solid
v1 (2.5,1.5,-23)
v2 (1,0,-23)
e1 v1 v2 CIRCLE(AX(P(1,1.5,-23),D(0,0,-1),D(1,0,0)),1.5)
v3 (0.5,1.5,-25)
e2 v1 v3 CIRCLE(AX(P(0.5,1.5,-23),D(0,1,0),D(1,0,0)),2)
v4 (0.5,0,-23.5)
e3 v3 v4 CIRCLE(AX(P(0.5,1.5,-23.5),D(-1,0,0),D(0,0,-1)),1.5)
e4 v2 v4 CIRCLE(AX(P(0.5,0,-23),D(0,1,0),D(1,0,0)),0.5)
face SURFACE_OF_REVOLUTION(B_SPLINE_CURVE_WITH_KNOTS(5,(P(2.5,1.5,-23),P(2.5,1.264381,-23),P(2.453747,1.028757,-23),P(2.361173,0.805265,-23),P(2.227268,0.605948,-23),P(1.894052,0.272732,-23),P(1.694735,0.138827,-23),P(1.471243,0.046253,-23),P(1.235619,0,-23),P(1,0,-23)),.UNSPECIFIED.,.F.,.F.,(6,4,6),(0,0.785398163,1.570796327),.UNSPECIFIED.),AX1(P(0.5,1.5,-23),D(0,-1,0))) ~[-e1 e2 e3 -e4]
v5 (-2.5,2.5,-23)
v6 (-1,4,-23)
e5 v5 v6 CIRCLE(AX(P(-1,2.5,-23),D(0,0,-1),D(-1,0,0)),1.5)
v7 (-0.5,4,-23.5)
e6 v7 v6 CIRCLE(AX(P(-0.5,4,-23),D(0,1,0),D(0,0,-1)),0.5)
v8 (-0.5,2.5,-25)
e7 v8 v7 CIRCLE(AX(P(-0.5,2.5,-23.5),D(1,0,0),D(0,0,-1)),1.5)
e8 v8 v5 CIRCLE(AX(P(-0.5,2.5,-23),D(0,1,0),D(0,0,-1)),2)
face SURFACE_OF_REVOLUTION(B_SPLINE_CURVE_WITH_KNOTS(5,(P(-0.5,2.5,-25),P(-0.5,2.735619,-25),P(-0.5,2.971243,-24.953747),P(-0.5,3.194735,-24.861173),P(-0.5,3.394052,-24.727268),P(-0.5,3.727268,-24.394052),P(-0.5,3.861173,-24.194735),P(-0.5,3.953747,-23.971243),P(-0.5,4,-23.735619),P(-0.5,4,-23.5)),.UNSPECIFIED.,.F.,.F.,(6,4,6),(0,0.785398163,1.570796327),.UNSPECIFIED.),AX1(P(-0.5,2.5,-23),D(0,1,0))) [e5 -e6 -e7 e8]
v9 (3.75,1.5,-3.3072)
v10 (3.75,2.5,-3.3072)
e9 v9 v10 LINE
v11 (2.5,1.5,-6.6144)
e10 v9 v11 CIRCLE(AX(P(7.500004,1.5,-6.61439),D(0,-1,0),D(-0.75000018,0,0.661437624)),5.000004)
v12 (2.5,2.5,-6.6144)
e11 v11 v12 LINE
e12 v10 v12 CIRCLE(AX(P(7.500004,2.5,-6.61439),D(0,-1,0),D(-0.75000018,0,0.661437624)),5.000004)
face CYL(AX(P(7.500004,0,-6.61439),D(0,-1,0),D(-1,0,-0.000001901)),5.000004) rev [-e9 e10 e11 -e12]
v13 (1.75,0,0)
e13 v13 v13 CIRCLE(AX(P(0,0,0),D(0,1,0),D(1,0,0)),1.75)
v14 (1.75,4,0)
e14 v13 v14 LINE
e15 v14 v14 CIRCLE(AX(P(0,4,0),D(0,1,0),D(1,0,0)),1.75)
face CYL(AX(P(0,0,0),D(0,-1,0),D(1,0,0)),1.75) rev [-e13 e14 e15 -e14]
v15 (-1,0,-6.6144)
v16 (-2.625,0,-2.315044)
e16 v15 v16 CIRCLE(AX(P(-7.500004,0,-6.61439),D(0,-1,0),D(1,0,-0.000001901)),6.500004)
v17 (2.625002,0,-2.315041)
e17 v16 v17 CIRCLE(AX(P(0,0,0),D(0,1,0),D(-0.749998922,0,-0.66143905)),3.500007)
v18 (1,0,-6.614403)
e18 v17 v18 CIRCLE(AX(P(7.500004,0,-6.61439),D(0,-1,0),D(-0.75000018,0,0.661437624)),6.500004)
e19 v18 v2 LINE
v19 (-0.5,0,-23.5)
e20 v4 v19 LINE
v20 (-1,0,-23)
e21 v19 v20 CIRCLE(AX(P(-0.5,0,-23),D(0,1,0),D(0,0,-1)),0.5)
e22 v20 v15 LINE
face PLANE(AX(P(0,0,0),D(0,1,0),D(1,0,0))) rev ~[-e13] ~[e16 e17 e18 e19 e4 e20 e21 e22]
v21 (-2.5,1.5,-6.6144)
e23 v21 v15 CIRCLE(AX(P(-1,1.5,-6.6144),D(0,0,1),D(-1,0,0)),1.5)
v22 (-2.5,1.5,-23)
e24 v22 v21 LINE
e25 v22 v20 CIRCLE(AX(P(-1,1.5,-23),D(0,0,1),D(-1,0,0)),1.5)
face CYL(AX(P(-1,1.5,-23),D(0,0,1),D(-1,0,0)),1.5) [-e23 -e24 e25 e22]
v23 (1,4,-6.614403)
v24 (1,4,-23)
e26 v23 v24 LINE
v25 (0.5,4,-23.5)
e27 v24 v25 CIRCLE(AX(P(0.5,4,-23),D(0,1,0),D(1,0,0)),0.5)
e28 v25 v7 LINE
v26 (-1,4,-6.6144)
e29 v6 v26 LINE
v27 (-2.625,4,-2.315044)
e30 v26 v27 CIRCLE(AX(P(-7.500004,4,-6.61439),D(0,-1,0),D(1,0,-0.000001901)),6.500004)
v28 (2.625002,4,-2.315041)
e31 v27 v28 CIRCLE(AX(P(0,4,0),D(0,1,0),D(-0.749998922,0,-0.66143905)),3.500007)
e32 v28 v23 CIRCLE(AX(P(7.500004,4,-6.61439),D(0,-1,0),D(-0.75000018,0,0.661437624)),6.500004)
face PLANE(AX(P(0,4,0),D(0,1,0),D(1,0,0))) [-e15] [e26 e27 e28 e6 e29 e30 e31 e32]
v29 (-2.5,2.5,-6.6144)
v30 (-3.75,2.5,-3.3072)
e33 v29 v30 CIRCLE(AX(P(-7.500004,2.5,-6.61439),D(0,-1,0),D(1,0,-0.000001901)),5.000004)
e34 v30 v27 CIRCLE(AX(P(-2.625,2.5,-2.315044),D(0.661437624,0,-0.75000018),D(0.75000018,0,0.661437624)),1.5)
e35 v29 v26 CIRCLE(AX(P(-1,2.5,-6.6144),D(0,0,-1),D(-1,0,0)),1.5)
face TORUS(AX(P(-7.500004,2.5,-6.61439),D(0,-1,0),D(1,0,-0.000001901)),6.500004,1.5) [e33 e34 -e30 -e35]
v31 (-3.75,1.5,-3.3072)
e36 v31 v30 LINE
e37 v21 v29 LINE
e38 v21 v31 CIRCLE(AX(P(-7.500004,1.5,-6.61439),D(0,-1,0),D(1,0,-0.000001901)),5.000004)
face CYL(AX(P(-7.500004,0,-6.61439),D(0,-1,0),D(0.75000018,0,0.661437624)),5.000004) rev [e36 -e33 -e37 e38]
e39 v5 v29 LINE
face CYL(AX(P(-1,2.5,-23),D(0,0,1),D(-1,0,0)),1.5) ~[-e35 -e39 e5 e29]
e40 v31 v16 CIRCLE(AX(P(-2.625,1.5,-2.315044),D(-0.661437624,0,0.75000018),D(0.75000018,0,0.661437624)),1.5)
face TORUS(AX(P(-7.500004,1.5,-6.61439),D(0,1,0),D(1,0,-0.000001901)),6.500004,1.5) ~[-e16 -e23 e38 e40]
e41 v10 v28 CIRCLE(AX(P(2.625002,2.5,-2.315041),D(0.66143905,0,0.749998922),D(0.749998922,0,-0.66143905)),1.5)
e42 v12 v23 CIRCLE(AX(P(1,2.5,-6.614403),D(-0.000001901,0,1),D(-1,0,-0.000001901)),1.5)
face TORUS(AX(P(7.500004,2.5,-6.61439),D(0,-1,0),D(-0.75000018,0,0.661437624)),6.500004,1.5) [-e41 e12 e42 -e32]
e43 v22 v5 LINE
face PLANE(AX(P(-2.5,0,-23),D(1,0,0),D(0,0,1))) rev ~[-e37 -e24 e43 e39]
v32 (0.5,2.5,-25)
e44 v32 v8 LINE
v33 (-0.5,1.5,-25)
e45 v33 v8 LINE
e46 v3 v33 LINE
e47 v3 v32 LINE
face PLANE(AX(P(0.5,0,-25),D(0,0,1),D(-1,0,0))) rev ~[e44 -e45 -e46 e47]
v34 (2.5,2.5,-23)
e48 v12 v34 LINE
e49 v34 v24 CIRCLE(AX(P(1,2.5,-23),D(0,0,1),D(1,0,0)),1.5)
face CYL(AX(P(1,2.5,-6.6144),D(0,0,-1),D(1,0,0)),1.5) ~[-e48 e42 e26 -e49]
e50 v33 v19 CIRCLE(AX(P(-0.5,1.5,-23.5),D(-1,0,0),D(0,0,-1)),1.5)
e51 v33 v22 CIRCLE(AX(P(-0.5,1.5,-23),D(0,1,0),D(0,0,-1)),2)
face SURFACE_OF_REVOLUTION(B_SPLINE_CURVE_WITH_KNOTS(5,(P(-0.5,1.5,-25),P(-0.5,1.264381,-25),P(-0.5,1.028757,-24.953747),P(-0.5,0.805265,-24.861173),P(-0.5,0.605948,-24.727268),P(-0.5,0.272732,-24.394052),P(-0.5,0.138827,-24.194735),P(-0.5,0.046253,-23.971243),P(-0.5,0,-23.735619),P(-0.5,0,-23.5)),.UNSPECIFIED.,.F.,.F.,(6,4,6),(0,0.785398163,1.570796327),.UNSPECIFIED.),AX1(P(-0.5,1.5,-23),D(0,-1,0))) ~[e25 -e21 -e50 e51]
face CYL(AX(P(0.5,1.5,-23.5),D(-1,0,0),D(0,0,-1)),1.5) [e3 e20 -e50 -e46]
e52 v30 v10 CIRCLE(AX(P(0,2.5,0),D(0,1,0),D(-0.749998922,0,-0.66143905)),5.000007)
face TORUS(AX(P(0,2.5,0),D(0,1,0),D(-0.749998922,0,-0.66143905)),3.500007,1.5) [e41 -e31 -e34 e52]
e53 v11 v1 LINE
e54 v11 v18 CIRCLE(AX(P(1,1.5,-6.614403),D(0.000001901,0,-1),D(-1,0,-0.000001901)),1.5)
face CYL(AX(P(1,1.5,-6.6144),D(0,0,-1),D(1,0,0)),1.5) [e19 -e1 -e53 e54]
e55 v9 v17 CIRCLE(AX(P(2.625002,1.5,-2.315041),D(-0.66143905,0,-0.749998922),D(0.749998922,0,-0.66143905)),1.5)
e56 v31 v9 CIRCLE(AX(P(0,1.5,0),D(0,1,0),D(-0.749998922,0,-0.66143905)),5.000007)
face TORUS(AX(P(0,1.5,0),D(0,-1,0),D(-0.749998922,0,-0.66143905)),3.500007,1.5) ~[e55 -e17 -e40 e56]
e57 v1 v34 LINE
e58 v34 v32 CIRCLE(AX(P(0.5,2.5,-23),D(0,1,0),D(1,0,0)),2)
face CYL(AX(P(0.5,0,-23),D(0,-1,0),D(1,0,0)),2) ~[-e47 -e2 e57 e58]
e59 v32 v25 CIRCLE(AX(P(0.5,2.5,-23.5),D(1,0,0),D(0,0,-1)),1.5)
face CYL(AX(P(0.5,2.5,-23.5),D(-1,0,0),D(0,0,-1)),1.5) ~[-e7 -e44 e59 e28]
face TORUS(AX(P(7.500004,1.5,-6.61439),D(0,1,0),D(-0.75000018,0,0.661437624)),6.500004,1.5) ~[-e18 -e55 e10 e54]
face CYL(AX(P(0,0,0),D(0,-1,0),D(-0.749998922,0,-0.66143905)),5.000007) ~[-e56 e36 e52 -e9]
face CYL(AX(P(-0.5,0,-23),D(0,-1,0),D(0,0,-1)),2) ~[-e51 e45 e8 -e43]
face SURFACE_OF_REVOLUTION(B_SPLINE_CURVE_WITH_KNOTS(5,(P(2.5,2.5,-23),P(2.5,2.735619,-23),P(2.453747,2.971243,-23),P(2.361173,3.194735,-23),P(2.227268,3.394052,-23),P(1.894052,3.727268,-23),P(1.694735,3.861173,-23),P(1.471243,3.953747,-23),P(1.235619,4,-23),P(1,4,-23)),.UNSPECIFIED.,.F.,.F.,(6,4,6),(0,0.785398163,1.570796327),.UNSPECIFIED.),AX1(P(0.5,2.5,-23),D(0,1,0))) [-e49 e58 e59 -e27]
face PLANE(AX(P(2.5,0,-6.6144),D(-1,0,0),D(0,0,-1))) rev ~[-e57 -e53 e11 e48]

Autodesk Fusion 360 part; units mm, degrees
sketch "Sketch1" plane through (0, 0, 0) normal (0, 1, 0) x (1, 0, 0)
  line L0 (2.5, 6.6144) -> (2.5, 23)
  line L1 (0.5, 25) -> (-0.5, 25)
  line L2 (-2.5, 23) -> (-2.5, 6.6144)
  arc A0 (-3.75, 3.3072) -> (3.75, 3.3072) centre (0, 0) ccw
  arc A1 (-3.75, 3.3072) -> (-2.5, 6.6144) centre (-7.5, 6.6144) ccw
  arc A2 (2.5, 6.6144) -> (3.75, 3.3072) centre (7.5, 6.6144) ccw
  arc A3 (-0.5, 25) -> (-2.5, 23) centre (-0.5, 23) ccw
  arc A4 (2.5, 23) -> (0.5, 25) centre (0.5, 23) ccw
  circle A5 centre (0, 0) radius 1.75
  dimension "d2" = 10
  dimension "d5" = 5
  dimension "d6" = 2
  dimension "d75" = 3.5
extrude "Estrusione9" add sketch "Sketch1" along normal blind 4
fillet "Raccordo2" radius 1.5 16 edges at (0, 4, -25) (-1.9142, 4, -24.4142) (-2.5, 4, -14.8072) (-2.8229, 4, -4.8466) (0, 4, 5) (2.8229, 4, -4.8466) (2.5, 4, -14.8072) (1.9142, 4, -24.4142) (0, 0, -25) (-1.9142, 0, -24.4142) (-2.5, 0, -14.8072) (-2.8229, 0, -4.8466) (0, 0, 5) (2.8229, 0, -4.8466) (2.5, 0, -14.8072) (1.9142, 0, -24.4142)
